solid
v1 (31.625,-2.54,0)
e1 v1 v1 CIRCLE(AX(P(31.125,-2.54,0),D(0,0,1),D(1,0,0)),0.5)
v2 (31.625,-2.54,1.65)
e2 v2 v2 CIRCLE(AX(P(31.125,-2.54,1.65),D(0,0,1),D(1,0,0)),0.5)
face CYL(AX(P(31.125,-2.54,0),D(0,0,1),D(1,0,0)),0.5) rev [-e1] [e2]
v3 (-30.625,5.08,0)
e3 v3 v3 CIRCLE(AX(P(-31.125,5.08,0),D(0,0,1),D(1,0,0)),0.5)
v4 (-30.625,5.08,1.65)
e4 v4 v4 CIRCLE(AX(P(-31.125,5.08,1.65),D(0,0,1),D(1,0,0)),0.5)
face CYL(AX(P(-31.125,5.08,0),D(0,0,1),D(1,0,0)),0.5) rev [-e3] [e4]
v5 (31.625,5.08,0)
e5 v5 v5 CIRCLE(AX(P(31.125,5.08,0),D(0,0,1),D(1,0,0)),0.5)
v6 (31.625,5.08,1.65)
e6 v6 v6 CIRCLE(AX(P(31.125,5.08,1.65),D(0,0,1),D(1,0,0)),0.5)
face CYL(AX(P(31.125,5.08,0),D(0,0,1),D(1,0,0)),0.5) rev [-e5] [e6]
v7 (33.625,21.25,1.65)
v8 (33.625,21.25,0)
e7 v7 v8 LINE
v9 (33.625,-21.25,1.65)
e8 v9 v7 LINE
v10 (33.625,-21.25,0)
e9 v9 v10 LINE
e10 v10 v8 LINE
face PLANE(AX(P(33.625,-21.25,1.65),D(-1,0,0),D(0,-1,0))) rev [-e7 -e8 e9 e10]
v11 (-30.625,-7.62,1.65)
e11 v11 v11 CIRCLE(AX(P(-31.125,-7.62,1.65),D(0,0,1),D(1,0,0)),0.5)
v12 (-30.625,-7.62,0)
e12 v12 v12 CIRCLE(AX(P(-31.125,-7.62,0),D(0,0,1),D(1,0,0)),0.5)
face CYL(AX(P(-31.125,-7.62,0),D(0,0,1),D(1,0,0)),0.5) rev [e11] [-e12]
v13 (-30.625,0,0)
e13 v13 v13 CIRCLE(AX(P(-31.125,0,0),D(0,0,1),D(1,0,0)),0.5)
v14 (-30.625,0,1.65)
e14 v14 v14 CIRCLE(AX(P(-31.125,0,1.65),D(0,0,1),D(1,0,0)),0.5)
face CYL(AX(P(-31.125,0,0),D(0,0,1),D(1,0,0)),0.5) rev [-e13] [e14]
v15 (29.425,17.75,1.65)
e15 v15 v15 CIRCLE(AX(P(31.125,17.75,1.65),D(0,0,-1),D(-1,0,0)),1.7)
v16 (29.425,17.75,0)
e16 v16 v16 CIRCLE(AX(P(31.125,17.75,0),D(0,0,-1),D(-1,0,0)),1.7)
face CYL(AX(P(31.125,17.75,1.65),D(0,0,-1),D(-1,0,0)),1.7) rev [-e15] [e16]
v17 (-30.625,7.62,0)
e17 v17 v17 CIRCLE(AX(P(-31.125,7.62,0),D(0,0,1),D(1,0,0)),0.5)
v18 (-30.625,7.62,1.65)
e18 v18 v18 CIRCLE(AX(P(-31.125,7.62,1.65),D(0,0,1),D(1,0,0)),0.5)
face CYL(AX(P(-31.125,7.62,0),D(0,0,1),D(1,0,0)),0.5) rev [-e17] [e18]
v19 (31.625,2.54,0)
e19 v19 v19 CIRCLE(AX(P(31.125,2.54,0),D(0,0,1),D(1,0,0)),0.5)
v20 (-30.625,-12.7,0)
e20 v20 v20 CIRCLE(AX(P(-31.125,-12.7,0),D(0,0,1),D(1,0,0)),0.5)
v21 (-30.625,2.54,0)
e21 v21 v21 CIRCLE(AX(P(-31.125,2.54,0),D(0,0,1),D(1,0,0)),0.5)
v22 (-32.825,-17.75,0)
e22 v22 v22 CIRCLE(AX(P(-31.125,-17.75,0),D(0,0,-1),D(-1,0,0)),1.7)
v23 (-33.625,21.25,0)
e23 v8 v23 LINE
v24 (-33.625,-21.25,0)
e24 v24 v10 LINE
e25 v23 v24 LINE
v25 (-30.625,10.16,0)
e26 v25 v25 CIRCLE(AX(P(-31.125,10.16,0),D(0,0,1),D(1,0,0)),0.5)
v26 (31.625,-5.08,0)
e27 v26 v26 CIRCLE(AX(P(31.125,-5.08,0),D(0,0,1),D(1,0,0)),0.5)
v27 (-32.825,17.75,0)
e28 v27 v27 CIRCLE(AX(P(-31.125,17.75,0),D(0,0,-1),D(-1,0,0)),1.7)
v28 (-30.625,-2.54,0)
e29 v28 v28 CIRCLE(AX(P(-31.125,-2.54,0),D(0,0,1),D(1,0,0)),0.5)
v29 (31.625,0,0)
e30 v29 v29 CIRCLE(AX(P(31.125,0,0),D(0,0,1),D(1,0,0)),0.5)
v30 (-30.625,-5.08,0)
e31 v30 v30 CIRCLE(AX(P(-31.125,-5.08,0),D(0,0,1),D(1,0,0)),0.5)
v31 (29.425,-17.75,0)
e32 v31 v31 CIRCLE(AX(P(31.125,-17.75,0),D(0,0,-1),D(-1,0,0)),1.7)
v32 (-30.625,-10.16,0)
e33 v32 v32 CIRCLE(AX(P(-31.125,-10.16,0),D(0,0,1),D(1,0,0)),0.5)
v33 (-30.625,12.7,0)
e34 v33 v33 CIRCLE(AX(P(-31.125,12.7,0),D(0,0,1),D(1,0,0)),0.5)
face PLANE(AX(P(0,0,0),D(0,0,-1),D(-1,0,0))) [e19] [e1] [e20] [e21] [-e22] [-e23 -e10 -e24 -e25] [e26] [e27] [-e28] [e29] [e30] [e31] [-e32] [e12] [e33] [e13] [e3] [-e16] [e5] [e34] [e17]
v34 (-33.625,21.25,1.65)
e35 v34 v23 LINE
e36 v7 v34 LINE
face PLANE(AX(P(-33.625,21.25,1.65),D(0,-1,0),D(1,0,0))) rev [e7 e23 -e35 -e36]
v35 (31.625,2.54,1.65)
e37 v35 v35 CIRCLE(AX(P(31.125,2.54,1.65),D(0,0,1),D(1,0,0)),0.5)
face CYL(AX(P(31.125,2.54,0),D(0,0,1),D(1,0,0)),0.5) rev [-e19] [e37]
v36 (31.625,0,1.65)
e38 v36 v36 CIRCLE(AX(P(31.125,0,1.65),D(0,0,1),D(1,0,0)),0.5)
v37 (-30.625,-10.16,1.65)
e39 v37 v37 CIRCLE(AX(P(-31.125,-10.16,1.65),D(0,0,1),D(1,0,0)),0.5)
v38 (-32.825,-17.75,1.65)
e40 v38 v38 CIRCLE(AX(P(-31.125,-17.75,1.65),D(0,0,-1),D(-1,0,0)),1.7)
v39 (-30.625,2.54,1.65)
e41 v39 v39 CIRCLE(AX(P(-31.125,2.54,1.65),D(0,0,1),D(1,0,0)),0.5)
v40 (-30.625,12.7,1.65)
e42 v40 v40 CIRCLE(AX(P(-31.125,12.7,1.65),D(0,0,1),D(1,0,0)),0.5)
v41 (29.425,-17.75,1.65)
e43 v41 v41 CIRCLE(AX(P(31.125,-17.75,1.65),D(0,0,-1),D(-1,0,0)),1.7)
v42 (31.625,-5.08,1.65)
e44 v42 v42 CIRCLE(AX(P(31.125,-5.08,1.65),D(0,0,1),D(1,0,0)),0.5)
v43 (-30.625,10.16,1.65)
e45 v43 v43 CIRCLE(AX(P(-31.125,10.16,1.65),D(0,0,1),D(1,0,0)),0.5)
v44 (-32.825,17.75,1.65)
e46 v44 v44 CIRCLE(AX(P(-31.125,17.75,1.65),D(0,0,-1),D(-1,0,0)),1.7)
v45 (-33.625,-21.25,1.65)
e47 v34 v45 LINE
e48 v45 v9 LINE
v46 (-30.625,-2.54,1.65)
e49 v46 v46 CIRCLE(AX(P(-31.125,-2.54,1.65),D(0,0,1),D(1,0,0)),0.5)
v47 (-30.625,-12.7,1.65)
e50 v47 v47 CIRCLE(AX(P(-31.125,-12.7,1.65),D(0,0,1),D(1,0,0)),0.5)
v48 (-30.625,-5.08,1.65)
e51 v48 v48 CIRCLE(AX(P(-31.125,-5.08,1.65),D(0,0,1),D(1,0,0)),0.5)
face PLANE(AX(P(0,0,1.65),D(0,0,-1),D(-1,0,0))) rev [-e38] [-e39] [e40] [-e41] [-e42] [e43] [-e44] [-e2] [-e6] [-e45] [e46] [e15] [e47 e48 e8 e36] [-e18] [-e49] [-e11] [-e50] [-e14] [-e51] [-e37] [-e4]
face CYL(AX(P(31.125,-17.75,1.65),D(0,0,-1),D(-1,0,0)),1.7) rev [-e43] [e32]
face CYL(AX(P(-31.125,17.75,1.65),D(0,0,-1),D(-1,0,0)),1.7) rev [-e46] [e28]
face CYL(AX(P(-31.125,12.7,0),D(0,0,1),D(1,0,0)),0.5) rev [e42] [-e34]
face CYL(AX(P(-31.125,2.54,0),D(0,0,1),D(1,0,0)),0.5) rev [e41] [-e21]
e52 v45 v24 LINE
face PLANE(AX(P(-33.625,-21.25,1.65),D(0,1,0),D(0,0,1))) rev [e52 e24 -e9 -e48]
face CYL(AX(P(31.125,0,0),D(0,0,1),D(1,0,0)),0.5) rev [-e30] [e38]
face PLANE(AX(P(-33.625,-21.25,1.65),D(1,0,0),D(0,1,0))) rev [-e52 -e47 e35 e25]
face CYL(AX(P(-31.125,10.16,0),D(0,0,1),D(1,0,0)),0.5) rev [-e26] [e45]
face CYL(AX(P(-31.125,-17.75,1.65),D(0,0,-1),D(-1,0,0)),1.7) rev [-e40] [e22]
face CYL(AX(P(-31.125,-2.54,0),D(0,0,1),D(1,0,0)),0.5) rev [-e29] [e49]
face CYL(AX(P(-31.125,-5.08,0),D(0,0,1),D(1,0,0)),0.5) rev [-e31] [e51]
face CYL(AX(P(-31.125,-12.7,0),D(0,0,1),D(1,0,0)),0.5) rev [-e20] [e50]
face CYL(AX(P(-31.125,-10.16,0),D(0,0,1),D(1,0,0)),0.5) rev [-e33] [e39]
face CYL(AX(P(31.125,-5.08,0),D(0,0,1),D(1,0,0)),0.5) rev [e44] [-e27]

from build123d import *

# Parameters (mm, degrees)
SKETCH2_W           = 67.25
SKETCH2_H           = 42.5
BOSS_EXTRUDE1_DEPTH = 1.65
SKETCH3_R           = 1.7
CUT_EXTRUDE1_DEPTH  = 1.65
SKETCH5_R           = 0.5
CUT_EXTRUDE2_DEPTH  = 1.65
SKETCH8_R           = 0.5
CUT_EXTRUDE3_DEPTH  = 1.65


with BuildPart() as part:
    # Sketch2 → Boss-Extrude1 (new body)
    with BuildSketch(Plane.XY):
        Rectangle(SKETCH2_W, SKETCH2_H)
    extrude(amount=BOSS_EXTRUDE1_DEPTH)

    # Sketch3 → Cut-Extrude1 (cut)
    with BuildSketch(Plane(origin=(0, 0, 0), x_dir=(-1, 0, 0), z_dir=(0, 0, -1))):
        with Locations((31.125, -17.75)):
            Circle(SKETCH3_R)
        with Locations((31.125, 17.75)):
            Circle(SKETCH3_R)
        with Locations((-31.125, -17.75)):
            Circle(SKETCH3_R)
        with Locations((-31.125, 17.75)):
            Circle(SKETCH3_R)
    extrude(amount=-CUT_EXTRUDE1_DEPTH, mode=Mode.SUBTRACT)

    # Sketch5 → Cut-Extrude2 (cut)
    with BuildSketch(Plane.XY.offset(1.65)):
        with Locations((-31.125, 0)):
            Circle(SKETCH5_R)
        with Locations((-31.125, -2.54)):
            Circle(SKETCH5_R)
        with Locations((-31.125, -5.08)):
            Circle(SKETCH5_R)
        with Locations((-31.125, -7.62)):
            Circle(SKETCH5_R)
        with Locations((-31.125, -10.16)):
            Circle(SKETCH5_R)
        with Locations((-31.125, -12.7)):
            Circle(SKETCH5_R)
        with Locations((-31.125, 2.54)):
            Circle(SKETCH5_R)
        with Locations((-31.125, 5.08)):
            Circle(SKETCH5_R)
        with Locations((-31.125, 7.62)):
            Circle(SKETCH5_R)
        with Locations((-31.125, 10.16)):
            Circle(SKETCH5_R)
        with Locations((-31.125, 12.7)):
            Circle(SKETCH5_R)
    extrude(amount=-CUT_EXTRUDE2_DEPTH, mode=Mode.SUBTRACT)

    # Sketch8 → Cut-Extrude3 (cut)
    with BuildSketch(Plane.XY.offset(1.65)):
        with Locations((31.125, 0)):
            Circle(SKETCH8_R)
        with Locations((31.125, 2.54)):
            Circle(SKETCH8_R)
        with Locations((31.125, 5.08)):
            Circle(SKETCH8_R)
        with Locations((31.125, -2.54)):
            Circle(SKETCH8_R)
        with Locations((31.125, -5.08)):
            Circle(SKETCH8_R)
    extrude(amount=-CUT_EXTRUDE3_DEPTH, mode=Mode.SUBTRACT)


solid = part.part
